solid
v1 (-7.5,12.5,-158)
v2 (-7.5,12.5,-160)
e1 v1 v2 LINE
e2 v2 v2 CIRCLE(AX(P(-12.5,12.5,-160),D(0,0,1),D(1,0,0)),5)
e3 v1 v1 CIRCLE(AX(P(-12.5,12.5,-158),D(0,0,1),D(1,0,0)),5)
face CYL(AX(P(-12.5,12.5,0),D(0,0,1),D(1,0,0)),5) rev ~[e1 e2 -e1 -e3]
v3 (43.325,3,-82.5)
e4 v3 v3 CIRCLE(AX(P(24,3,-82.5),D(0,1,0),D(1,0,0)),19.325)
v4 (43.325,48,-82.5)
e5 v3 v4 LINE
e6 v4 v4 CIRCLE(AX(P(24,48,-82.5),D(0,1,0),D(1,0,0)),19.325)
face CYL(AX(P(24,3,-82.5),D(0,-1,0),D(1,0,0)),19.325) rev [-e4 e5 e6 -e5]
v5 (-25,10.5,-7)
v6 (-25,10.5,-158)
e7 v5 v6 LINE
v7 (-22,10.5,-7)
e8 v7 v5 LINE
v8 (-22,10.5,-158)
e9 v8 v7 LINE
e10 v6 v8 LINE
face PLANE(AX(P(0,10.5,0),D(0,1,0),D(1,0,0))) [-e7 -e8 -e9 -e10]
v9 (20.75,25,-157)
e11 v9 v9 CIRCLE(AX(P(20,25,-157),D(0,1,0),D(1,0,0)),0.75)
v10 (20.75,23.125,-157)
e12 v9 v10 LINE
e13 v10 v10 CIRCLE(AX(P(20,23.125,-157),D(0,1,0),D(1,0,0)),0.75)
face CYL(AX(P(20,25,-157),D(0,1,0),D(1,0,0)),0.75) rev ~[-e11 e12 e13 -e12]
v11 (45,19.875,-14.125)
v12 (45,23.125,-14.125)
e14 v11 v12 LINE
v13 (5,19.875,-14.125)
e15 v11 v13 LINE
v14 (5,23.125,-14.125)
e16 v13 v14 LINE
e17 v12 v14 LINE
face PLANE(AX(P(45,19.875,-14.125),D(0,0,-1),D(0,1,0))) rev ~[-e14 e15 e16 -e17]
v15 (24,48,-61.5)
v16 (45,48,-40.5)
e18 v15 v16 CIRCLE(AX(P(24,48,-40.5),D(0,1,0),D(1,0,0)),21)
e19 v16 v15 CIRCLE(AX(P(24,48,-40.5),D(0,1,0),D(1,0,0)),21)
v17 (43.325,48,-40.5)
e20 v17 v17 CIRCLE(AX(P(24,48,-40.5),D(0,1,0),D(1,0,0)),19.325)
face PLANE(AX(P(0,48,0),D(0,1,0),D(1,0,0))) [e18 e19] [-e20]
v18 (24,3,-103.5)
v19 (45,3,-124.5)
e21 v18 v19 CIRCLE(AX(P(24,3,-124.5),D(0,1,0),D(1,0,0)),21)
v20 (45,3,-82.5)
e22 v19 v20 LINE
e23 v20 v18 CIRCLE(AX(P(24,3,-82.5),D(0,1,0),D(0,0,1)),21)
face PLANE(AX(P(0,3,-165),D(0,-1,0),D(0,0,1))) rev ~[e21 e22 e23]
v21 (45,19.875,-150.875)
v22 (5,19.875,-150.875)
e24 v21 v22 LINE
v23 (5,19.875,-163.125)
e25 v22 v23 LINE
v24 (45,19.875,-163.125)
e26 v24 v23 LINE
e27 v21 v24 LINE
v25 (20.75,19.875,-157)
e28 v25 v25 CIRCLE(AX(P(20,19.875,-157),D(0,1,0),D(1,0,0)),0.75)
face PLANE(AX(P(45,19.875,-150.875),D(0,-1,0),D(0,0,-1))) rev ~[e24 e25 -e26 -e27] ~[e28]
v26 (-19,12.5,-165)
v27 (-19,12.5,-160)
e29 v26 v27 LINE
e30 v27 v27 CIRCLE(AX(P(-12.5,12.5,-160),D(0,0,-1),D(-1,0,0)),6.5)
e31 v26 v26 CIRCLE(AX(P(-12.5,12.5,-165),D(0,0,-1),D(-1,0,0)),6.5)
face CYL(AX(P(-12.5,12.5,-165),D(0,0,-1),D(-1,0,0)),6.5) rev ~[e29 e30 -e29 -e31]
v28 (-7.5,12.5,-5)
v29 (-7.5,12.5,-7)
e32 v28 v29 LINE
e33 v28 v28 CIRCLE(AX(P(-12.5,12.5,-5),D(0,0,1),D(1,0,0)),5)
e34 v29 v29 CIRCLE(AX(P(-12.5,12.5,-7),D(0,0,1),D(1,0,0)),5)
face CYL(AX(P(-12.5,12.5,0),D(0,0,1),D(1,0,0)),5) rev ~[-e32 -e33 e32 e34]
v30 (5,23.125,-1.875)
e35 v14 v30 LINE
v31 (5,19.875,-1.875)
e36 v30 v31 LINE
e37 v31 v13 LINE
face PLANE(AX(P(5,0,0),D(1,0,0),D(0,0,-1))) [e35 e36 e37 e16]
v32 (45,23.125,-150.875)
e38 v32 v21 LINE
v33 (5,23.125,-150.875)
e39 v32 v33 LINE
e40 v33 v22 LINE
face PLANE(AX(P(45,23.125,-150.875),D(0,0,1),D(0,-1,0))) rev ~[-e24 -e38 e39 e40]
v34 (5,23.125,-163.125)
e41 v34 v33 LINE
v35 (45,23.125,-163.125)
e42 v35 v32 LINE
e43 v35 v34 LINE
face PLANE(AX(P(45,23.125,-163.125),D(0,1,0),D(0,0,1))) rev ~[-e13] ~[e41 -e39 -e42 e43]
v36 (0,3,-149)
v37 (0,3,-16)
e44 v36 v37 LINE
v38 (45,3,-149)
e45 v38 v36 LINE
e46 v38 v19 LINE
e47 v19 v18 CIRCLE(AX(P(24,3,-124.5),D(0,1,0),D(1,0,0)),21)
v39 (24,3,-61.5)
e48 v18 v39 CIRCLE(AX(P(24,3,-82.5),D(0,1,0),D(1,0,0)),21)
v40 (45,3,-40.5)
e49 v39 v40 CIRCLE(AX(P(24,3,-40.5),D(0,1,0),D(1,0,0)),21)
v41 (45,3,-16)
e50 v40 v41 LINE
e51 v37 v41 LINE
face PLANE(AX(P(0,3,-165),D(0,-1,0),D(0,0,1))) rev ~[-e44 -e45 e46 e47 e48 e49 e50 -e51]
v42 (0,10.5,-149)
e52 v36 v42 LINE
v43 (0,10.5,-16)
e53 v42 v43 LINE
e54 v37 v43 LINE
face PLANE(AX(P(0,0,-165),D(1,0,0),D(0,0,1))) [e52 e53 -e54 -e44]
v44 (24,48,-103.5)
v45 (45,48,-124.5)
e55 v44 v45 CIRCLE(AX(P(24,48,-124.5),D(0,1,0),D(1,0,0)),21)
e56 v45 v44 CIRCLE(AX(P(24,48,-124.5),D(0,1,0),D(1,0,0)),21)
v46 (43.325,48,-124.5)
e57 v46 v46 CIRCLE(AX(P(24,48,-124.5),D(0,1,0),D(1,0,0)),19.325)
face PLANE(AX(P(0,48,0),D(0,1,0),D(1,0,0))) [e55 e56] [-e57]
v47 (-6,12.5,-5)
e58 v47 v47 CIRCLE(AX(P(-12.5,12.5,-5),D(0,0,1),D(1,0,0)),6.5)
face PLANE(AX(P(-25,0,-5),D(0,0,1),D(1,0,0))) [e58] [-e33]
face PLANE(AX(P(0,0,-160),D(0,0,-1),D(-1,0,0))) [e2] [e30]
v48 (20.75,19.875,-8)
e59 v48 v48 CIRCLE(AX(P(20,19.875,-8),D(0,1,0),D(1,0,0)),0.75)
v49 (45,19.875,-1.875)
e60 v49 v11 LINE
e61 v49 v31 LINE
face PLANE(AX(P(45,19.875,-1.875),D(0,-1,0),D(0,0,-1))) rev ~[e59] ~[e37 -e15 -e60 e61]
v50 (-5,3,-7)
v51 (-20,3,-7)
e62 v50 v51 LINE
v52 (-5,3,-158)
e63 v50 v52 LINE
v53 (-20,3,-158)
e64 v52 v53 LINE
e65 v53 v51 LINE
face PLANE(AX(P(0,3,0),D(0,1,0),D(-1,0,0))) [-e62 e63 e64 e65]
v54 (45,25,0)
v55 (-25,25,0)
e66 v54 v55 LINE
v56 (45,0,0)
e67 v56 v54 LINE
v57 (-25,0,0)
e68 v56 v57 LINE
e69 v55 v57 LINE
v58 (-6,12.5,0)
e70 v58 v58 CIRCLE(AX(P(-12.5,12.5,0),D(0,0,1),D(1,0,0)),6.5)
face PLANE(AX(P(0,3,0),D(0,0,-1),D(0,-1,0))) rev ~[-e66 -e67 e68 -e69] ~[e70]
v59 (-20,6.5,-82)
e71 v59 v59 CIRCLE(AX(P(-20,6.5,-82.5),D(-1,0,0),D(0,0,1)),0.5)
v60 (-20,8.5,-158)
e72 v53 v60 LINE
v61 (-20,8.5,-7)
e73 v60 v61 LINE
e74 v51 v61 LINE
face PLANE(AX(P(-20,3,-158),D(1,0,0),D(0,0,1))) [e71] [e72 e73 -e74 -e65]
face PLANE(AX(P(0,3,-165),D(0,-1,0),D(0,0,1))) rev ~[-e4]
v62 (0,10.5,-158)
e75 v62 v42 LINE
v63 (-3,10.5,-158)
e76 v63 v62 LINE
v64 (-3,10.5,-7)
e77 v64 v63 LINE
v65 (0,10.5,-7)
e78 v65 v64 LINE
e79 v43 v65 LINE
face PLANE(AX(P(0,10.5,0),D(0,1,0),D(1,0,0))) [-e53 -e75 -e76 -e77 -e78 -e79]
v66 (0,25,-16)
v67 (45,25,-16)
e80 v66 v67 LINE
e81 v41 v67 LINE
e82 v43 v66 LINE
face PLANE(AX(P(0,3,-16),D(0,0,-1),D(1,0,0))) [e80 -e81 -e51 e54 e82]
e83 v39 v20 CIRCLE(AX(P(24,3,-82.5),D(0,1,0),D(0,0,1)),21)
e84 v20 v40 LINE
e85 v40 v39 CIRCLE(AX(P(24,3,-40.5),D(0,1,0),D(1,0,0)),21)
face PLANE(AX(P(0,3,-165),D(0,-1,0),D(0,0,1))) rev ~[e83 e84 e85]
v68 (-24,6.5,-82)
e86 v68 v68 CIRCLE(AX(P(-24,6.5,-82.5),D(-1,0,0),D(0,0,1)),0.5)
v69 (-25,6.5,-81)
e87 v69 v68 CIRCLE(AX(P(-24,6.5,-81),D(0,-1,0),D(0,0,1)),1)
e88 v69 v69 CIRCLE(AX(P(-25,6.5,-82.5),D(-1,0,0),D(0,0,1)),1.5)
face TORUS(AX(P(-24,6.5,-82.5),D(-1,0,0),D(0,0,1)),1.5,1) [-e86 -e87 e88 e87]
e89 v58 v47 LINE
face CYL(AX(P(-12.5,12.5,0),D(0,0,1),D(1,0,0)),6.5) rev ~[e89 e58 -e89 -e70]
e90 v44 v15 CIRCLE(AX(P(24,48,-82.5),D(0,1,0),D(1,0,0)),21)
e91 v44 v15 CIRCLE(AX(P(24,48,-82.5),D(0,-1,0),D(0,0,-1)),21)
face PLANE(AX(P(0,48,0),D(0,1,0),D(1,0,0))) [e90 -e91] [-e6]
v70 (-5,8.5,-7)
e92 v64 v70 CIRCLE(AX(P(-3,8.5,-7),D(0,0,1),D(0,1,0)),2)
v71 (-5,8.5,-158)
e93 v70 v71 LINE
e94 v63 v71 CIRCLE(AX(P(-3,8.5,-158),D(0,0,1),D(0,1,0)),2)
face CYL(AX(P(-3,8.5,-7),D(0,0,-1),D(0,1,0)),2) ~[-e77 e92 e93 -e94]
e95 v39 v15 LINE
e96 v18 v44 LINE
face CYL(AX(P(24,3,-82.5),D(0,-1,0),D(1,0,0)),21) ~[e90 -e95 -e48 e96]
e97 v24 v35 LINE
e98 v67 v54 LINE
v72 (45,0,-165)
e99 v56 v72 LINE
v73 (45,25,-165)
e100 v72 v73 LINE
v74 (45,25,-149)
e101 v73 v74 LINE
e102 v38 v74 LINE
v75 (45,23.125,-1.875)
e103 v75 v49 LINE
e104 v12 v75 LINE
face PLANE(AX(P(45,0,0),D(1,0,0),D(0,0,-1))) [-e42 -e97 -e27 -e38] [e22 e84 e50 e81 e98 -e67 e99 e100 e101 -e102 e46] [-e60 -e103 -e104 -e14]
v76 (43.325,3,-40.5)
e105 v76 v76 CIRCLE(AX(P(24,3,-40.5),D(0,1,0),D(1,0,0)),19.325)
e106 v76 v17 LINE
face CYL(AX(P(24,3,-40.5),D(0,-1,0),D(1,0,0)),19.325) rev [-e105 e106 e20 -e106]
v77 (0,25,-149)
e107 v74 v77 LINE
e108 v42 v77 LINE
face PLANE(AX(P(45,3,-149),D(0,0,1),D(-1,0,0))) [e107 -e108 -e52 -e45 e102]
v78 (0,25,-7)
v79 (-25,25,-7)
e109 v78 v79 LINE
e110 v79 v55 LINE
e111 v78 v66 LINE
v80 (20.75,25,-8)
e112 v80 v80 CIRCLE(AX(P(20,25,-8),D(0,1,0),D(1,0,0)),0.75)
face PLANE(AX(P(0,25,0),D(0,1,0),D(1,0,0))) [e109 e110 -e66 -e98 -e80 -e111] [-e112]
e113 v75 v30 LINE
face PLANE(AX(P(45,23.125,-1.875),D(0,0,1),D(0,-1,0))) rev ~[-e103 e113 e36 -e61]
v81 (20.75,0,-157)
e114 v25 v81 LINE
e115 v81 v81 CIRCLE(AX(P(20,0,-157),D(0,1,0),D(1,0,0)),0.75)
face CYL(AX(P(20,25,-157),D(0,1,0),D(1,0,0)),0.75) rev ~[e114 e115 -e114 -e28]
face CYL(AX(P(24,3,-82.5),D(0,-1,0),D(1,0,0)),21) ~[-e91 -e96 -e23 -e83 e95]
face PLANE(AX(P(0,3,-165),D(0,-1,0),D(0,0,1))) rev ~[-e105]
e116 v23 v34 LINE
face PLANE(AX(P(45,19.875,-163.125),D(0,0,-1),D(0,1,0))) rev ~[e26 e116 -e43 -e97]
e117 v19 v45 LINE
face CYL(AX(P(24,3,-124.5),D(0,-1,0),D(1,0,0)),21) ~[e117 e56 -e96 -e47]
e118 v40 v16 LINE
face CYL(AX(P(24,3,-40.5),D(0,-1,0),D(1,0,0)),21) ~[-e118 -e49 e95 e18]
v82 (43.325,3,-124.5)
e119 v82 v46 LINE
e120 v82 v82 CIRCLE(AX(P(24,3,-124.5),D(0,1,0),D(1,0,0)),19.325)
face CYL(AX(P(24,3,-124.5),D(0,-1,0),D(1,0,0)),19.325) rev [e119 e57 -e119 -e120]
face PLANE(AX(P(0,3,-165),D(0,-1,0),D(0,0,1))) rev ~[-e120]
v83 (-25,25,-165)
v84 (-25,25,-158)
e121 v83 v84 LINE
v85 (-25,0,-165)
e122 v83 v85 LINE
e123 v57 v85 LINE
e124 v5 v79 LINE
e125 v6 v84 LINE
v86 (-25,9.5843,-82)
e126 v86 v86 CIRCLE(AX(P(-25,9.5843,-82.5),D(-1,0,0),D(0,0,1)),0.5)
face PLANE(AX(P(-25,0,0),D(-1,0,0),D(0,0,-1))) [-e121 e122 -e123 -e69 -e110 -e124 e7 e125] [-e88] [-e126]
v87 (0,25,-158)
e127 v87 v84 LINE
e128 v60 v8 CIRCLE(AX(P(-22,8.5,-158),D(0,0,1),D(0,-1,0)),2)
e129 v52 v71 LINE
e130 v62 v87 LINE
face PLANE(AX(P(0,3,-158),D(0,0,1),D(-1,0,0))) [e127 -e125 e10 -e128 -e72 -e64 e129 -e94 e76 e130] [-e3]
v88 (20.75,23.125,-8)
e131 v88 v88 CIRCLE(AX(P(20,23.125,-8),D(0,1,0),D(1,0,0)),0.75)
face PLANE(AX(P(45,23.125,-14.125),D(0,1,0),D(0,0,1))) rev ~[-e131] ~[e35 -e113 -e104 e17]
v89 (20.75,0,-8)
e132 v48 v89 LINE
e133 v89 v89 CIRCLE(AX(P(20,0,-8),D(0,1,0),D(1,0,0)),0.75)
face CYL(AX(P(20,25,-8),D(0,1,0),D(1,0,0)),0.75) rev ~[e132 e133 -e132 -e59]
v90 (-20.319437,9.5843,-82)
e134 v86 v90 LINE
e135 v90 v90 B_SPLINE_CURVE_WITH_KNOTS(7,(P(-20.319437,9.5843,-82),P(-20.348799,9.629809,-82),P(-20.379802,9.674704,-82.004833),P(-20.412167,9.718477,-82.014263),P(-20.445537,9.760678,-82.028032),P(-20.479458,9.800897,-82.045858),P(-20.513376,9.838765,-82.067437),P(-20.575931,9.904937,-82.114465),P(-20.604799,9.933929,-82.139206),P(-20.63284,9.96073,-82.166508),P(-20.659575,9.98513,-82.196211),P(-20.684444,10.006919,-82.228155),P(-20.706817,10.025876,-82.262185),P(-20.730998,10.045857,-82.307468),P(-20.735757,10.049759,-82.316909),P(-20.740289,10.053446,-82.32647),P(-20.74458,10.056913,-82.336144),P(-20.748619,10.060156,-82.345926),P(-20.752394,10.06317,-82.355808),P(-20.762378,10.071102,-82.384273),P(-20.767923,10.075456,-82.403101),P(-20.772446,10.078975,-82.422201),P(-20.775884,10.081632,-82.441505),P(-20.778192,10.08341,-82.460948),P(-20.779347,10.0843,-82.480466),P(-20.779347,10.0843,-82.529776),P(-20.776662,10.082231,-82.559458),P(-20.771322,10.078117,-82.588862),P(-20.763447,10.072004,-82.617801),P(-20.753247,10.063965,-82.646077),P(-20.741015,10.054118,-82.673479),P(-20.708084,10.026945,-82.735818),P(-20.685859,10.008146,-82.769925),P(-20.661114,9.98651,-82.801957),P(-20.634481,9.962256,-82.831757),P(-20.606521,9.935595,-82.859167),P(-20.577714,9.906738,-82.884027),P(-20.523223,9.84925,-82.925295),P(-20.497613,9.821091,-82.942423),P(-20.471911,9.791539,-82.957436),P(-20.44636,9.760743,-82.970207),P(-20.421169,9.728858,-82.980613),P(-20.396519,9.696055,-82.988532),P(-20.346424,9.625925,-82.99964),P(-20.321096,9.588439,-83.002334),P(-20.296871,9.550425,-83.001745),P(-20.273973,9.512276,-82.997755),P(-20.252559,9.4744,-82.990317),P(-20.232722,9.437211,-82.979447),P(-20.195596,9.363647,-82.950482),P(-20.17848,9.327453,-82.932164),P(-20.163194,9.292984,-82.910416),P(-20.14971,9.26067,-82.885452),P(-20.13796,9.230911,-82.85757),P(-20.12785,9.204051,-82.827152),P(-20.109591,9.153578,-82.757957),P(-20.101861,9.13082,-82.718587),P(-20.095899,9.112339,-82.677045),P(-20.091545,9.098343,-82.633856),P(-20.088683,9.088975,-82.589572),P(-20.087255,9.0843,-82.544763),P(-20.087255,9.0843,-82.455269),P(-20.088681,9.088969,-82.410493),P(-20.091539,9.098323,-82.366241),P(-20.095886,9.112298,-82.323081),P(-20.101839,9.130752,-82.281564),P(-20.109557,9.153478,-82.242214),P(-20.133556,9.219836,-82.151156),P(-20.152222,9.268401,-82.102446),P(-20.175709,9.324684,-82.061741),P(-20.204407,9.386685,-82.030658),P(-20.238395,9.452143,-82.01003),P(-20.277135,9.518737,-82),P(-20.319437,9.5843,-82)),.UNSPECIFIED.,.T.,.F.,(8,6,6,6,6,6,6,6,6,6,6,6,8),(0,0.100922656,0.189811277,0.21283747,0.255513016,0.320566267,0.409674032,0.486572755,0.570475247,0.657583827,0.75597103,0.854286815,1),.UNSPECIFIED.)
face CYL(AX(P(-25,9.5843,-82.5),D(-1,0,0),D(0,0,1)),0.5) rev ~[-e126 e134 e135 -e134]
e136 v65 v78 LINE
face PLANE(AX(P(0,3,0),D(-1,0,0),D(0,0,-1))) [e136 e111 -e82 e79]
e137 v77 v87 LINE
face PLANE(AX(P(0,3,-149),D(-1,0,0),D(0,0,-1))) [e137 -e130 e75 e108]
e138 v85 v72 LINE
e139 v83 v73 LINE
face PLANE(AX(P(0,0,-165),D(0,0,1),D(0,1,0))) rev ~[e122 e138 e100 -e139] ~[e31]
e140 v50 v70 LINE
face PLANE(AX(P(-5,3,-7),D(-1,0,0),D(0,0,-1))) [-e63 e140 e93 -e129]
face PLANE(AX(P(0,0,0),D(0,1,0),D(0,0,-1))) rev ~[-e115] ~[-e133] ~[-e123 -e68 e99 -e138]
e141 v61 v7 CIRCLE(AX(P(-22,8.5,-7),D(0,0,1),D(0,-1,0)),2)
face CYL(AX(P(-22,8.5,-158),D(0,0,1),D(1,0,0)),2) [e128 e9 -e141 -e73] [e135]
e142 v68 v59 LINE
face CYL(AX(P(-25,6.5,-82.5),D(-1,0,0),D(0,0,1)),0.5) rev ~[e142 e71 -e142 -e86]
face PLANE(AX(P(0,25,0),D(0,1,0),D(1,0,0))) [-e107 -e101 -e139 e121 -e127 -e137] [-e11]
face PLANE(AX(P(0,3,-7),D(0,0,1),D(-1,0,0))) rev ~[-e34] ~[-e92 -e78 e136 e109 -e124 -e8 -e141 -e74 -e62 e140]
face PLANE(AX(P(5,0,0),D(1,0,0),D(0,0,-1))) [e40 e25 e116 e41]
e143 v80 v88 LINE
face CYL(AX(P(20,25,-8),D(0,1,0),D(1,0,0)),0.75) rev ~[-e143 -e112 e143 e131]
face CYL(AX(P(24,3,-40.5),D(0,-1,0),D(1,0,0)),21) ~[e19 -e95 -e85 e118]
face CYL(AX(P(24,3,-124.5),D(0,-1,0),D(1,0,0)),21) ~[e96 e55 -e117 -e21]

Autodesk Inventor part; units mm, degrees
ref_plane "YZ Plane" through (0, 0, 0) normal (1, 0, 0) x (0, 1, 0)
ref_plane "XZ Plane" through (0, 0, 0) normal (0, 1, 0) x (-1, 0, 0)
ref_plane "XY Plane" through (0, 0, 0) normal (0, 0, 1) x (1, 0, 0)
sketch "Sketch1" plane through (0, 0, 0) normal (0, 1, 0) x (-1, 0, 0)
  line L0 (0, 0) -> (25, 0)
  line L1 (25, 0) -> (25, -165)
  line L2 (25, -165) -> (0, -165)
  line L3 (0, -165) -> (0, 0)
  dimension "d0" = 25
  dimension "d1" = 165
extrude "Extrusion1" add sketch "Sketch1" along normal blind 3
sketch "Sketch2" plane through (0, 3, 0) normal (0, 1, 0) x (1, 0, 0)
  line L0 (-25, 165) -> (-25, 0) projected
  line L1 (0, 0) -> (0, 165) projected
  line L2 (-25, 0) -> (0, 0)
  line L3 (0, 0) -> (0, 7)
  line L4 (0, 7) -> (-25, 7)
  line L5 (-25, 7) -> (-25, 0)
  line L6 (0, 165) -> (-25, 165) projected
  line L7 (-25, 165) -> (0, 165)
  line L8 (0, 165) -> (0, 158)
  line L9 (0, 158) -> (-25, 158)
  line L10 (-25, 158) -> (-25, 165)
  dimension "d4" = 7
  dimension "d5" = 7
extrude "Extrusion2" add sketch "Sketch2" along normal blind 22 contours L6 L1 L9 L0 | L4 L1 L2 L0
sketch "Sketch3" plane through (-25, 0, 0) normal (0, 0, 1) x (1, 0, 0)
  point P0 (25, 0)
sketch "Sketch4" plane through (-25, 0, 0) normal (0, 0, 1) x (1, 0, 0)
  line L0 (25, 25) -> (0, 25) construction
  line L1 (25, 0) -> (0, 25) construction
  circle A0 centre (12.5, 12.5) radius 6.5
  dimension "d8" = 13
extrude "Extrusion3" cut sketch "Sketch4" against normal blind 5
sketch "Sketch5" plane through (0, 0, -165) normal (0, 0, -1) x (-1, 0, 0)
  circle A0 centre (12.5, 12.5) radius 6.5 projected
  circle A1 centre (12.5, 12.5) radius 6.5
  point P0 (0, 0)
extrude "Extrusion4" cut sketch "Sketch5" against normal blind 5
sketch "Sketch6" plane through (-25, 0, 0) normal (0, 0, 1) x (1, 0, 0)
  circle A0 centre (12.5, 12.5) radius 6.5 projected
  circle A1 centre (12.5, 12.5) radius 5
  point P0 (25, 0)
  dimension "d13" = 10
extrude "Extrusion5" cut sketch "Sketch6" against normal blind 165 contours A1
sketch "Sketch7" plane through (-25, 3, -158) normal (0, 0, 1) x (1, 0, 0)
  line L0 (25, 0) -> (25, 22) construction
  line L1 (0, 0) -> (0, 22) construction
  point P0 (25, -3)
sketch "Sketch8" plane through (-25, 3, -158) normal (0, 0, 1) x (1, 0, 0)
  circle A0 centre (12.5, 9.5) radius 5 projected
  point P0 (25, -3)
sketch "Sketch9" plane through (0, 3, 0) normal (0, 1, 0) x (1, 0, 0)
  line L0 (-25, 158) -> (0, 158) projected
  line L1 (0, 7) -> (-25, 7) projected
  line L2 (-25, 158) -> (-20, 158)
  line L3 (-20, 158) -> (-20, 7)
  line L4 (-20, 7) -> (-25, 7)
  line L5 (-25, 7) -> (-25, 158)
  line L6 (0, 0) -> (0, 7) projected
  line L7 (0, 7) -> (-5, 7)
  line L8 (-5, 7) -> (-5, 158)
  line L9 (-5, 158) -> (0, 158)
  line L10 (0, 158) -> (0, 7)
  dimension "d16" = 5
  dimension "d17" = 5
extrude "Extrusion6" add sketch "Sketch9" along normal blind 7.5 contours L0 L3 L1 L5 | L0 L10 L1 L8
fillet "Fillet1" radius 2 2 edges at (-5, 10.5, -82.5) (-20, 10.5, -82.5)
sketch "Sketch10" plane through (0, 0, 0) normal (1, 0, 0) x (0, 0, -1)
  line L0 (165, 0) -> (165, 25) projected
  line L1 (0, 0) -> (165, 0)
  line L2 (165, 0) -> (165, 3)
  line L3 (165, 3) -> (0, 3)
  line L4 (0, 3) -> (0, 0)
  dimension "d21" = 3
extrude "Extrusion7" add sketch "Sketch10" along normal blind 45
sketch "Sketch11" plane through (0, 3, 0) normal (0, 1, 0) x (1, 0, 0)
  line L0 (45, 165) -> (45, 0) construction
  line L1 (0, 165) -> (-25, 165) construction
  line L2 (45, 82.5) -> (3, 82.5) construction
  circle A0 centre (24, 82.5) radius 21 construction
  circle A1 centre (24, 124.5) radius 21 construction
  circle A2 centre (24, 124.5) radius 21
  circle A3 centre (24, 82.5) radius 21
  circle A4 centre (24, 40.5) radius 21
  circle A5 centre (24, 40.5) radius 19.325
  circle A6 centre (24, 82.5) radius 19.325
  circle A7 centre (24, 124.5) radius 19.325
  point P0 (0, 0)
  dimension "d24" = 42
  dimension "d25" = 38.65
  dimension "d26" = 38.65
  dimension "d27" = 38.65
extrude "Extrusion8" add sketch "Sketch11" along normal blind 45
sketch "Sketch12" plane through (0, 3, 0) normal (0, 1, 0) x (1, 0, 0)
  point P0 (0, 0)
sketch "Sketch13" plane through (0, 3, 0) normal (0, 1, 0) x (1, 0, 0)
  line L0 (45, 40.5) -> (45, 0) projected
  line L1 (0, 0) -> (0, 165) projected
  line L2 (45, 0) -> (0, 0)
  line L3 (0, 0) -> (0, 16)
  line L4 (0, 16) -> (45, 16)
  line L5 (45, 16) -> (45, 0)
  line L6 (45, 165) -> (45, 124.5) projected
  line L7 (0, 165) -> (45, 165)
  line L8 (45, 165) -> (45, 149)
  line L9 (45, 149) -> (0, 149)
  line L10 (0, 149) -> (0, 165)
  dimension "d30" = 16
  dimension "d31" = 16
extrude "Extrusion9" add sketch "Sketch13" along normal blind 22
sketch "Sketch14" plane through (45, 0, 0) normal (1, 0, 0) x (0, 0, -1)
  line L0 (0, 25) -> (16, 25) construction
  line L1 (8, 25) -> (8, 21.5) construction
  line L2 (14.125, 23.125) -> (1.875, 23.125)
  line L3 (1.875, 23.125) -> (1.875, 19.875)
  line L4 (1.875, 19.875) -> (14.125, 19.875)
  line L5 (14.125, 19.875) -> (14.125, 23.125)
  line L6 (14.125, 23.125) -> (1.875, 19.875) construction
  line L7 (1.875, 23.125) -> (14.125, 19.875) construction
  point P0 (0, 0)
  dimension "d35" = 3.5
  dimension "d36" = 12.25
  dimension "d37" = 3.25
sketch "Sketch15" plane through (45, 0, 0) normal (1, 0, 0) x (0, 0, -1)
  line L0 (149, 25) -> (165, 25) construction
  line L1 (157, 25) -> (157, 21.5) construction
  line L2 (163.125, 23.125) -> (150.875, 23.125)
  line L3 (150.875, 23.125) -> (150.875, 19.875)
  line L4 (150.875, 19.875) -> (163.125, 19.875)
  line L5 (163.125, 19.875) -> (163.125, 23.125)
  line L6 (163.125, 23.125) -> (150.875, 19.875) construction
  line L7 (150.875, 23.125) -> (163.125, 19.875) construction
  point P0 (0, 0)
  dimension "d38" = 3.5
  dimension "d39" = 12.25
  dimension "d40" = 3.25
extrude "Extrusion10" cut sketch "Sketch14" against normal blind 40
extrude "Extrusion11" cut sketch "Sketch15" against normal blind 40
sketch "Sketch16" plane through (0, 25, 0) normal (0, 1, 0) x (1, 0, 0)
  line L0 (45, 0) -> (45, 16) construction
  line L1 (45, 8) -> (20, 8) construction
  circle A0 centre (20, 8) radius 0.75 construction
  circle A1 centre (20, 8) radius 0.75
  point P0 (0, 0)
  dimension "d45" = 25
  dimension "d46" = 1.5
extrude "Extrusion12" cut sketch "Sketch16" against normal blind 25
sketch "Sketch17" plane through (0, 25, 0) normal (0, 1, 0) x (1, 0, 0)
  point P0 (0, 0)
sketch "Sketch18" plane through (0, 25, 0) normal (0, 1, 0) x (1, 0, 0)
  point P0 (0, 0)
sketch "Sketch19" plane through (0, 25, 0) normal (0, 1, 0) x (1, 0, 0)
  point P0 (0, 0)
sketch "Sketch20" plane through (0, 25, 0) normal (0, 1, 0) x (1, 0, 0)
  line L0 (0, 149) -> (45, 149) construction
  line L1 (45, 0) -> (45, 165) construction
  line L2 (45, 149) -> (45, 165) construction
  line L3 (45, 157) -> (20, 157) construction
  circle A0 centre (20, 157) radius 0.75
  point P0 (0, 0)
  dimension "d49" = 25
  dimension "d50" = 1.5
extrude "Extrusion13" cut sketch "Sketch20" against normal blind 25
sketch "Sketch21" plane through (-25, 0, -165) normal (-1, 0, 0) x (0, 0, 1)
  point P0 (165, 0)
sketch "Sketch22" plane through (-25, 0, -165) normal (-1, 0, 0) x (0, 0, 1)
  line L0 (158, 8.5) -> (7, 8.5) construction
  line L1 (82.5, 8.5) -> (82.5, 6.5) construction
  circle A0 centre (82.5, 6.5) radius 0.5
  point P0 (165, 0)
  dimension "d53" = 2
  dimension "d54" = 1
extrude "Extrusion14" cut sketch "Sketch22" against normal blind 5.25
fillet "Fillet2" radius 1 1 edges at (-25, 6.5, -83)
sketch "Sketch23" plane through (-25, 0, -165) normal (-1, 0, 0) x (0, 0, 1)
  circle A0 centre (82.5, 9.5843) radius 0.5
  point P0 (165, 0)
  dimension "d58" = 1
extrude "Extrusion15" cut sketch "Sketch23" against normal blind 5.25
sketch "Sketch24" plane through (0, 48, 0) normal (0, 1, 0) x (1, 0, 0)
  line L0 (0, 0) -> (48.5926, 0)
  line L1 (48.5926, 0) -> (48.5926, 173.5031)
  line L2 (48.5926, 173.5031) -> (0, 173.5031)
  line L3 (0, 173.5031) -> (0, 0)
properties part number "rearAxelHolder 11-28"
